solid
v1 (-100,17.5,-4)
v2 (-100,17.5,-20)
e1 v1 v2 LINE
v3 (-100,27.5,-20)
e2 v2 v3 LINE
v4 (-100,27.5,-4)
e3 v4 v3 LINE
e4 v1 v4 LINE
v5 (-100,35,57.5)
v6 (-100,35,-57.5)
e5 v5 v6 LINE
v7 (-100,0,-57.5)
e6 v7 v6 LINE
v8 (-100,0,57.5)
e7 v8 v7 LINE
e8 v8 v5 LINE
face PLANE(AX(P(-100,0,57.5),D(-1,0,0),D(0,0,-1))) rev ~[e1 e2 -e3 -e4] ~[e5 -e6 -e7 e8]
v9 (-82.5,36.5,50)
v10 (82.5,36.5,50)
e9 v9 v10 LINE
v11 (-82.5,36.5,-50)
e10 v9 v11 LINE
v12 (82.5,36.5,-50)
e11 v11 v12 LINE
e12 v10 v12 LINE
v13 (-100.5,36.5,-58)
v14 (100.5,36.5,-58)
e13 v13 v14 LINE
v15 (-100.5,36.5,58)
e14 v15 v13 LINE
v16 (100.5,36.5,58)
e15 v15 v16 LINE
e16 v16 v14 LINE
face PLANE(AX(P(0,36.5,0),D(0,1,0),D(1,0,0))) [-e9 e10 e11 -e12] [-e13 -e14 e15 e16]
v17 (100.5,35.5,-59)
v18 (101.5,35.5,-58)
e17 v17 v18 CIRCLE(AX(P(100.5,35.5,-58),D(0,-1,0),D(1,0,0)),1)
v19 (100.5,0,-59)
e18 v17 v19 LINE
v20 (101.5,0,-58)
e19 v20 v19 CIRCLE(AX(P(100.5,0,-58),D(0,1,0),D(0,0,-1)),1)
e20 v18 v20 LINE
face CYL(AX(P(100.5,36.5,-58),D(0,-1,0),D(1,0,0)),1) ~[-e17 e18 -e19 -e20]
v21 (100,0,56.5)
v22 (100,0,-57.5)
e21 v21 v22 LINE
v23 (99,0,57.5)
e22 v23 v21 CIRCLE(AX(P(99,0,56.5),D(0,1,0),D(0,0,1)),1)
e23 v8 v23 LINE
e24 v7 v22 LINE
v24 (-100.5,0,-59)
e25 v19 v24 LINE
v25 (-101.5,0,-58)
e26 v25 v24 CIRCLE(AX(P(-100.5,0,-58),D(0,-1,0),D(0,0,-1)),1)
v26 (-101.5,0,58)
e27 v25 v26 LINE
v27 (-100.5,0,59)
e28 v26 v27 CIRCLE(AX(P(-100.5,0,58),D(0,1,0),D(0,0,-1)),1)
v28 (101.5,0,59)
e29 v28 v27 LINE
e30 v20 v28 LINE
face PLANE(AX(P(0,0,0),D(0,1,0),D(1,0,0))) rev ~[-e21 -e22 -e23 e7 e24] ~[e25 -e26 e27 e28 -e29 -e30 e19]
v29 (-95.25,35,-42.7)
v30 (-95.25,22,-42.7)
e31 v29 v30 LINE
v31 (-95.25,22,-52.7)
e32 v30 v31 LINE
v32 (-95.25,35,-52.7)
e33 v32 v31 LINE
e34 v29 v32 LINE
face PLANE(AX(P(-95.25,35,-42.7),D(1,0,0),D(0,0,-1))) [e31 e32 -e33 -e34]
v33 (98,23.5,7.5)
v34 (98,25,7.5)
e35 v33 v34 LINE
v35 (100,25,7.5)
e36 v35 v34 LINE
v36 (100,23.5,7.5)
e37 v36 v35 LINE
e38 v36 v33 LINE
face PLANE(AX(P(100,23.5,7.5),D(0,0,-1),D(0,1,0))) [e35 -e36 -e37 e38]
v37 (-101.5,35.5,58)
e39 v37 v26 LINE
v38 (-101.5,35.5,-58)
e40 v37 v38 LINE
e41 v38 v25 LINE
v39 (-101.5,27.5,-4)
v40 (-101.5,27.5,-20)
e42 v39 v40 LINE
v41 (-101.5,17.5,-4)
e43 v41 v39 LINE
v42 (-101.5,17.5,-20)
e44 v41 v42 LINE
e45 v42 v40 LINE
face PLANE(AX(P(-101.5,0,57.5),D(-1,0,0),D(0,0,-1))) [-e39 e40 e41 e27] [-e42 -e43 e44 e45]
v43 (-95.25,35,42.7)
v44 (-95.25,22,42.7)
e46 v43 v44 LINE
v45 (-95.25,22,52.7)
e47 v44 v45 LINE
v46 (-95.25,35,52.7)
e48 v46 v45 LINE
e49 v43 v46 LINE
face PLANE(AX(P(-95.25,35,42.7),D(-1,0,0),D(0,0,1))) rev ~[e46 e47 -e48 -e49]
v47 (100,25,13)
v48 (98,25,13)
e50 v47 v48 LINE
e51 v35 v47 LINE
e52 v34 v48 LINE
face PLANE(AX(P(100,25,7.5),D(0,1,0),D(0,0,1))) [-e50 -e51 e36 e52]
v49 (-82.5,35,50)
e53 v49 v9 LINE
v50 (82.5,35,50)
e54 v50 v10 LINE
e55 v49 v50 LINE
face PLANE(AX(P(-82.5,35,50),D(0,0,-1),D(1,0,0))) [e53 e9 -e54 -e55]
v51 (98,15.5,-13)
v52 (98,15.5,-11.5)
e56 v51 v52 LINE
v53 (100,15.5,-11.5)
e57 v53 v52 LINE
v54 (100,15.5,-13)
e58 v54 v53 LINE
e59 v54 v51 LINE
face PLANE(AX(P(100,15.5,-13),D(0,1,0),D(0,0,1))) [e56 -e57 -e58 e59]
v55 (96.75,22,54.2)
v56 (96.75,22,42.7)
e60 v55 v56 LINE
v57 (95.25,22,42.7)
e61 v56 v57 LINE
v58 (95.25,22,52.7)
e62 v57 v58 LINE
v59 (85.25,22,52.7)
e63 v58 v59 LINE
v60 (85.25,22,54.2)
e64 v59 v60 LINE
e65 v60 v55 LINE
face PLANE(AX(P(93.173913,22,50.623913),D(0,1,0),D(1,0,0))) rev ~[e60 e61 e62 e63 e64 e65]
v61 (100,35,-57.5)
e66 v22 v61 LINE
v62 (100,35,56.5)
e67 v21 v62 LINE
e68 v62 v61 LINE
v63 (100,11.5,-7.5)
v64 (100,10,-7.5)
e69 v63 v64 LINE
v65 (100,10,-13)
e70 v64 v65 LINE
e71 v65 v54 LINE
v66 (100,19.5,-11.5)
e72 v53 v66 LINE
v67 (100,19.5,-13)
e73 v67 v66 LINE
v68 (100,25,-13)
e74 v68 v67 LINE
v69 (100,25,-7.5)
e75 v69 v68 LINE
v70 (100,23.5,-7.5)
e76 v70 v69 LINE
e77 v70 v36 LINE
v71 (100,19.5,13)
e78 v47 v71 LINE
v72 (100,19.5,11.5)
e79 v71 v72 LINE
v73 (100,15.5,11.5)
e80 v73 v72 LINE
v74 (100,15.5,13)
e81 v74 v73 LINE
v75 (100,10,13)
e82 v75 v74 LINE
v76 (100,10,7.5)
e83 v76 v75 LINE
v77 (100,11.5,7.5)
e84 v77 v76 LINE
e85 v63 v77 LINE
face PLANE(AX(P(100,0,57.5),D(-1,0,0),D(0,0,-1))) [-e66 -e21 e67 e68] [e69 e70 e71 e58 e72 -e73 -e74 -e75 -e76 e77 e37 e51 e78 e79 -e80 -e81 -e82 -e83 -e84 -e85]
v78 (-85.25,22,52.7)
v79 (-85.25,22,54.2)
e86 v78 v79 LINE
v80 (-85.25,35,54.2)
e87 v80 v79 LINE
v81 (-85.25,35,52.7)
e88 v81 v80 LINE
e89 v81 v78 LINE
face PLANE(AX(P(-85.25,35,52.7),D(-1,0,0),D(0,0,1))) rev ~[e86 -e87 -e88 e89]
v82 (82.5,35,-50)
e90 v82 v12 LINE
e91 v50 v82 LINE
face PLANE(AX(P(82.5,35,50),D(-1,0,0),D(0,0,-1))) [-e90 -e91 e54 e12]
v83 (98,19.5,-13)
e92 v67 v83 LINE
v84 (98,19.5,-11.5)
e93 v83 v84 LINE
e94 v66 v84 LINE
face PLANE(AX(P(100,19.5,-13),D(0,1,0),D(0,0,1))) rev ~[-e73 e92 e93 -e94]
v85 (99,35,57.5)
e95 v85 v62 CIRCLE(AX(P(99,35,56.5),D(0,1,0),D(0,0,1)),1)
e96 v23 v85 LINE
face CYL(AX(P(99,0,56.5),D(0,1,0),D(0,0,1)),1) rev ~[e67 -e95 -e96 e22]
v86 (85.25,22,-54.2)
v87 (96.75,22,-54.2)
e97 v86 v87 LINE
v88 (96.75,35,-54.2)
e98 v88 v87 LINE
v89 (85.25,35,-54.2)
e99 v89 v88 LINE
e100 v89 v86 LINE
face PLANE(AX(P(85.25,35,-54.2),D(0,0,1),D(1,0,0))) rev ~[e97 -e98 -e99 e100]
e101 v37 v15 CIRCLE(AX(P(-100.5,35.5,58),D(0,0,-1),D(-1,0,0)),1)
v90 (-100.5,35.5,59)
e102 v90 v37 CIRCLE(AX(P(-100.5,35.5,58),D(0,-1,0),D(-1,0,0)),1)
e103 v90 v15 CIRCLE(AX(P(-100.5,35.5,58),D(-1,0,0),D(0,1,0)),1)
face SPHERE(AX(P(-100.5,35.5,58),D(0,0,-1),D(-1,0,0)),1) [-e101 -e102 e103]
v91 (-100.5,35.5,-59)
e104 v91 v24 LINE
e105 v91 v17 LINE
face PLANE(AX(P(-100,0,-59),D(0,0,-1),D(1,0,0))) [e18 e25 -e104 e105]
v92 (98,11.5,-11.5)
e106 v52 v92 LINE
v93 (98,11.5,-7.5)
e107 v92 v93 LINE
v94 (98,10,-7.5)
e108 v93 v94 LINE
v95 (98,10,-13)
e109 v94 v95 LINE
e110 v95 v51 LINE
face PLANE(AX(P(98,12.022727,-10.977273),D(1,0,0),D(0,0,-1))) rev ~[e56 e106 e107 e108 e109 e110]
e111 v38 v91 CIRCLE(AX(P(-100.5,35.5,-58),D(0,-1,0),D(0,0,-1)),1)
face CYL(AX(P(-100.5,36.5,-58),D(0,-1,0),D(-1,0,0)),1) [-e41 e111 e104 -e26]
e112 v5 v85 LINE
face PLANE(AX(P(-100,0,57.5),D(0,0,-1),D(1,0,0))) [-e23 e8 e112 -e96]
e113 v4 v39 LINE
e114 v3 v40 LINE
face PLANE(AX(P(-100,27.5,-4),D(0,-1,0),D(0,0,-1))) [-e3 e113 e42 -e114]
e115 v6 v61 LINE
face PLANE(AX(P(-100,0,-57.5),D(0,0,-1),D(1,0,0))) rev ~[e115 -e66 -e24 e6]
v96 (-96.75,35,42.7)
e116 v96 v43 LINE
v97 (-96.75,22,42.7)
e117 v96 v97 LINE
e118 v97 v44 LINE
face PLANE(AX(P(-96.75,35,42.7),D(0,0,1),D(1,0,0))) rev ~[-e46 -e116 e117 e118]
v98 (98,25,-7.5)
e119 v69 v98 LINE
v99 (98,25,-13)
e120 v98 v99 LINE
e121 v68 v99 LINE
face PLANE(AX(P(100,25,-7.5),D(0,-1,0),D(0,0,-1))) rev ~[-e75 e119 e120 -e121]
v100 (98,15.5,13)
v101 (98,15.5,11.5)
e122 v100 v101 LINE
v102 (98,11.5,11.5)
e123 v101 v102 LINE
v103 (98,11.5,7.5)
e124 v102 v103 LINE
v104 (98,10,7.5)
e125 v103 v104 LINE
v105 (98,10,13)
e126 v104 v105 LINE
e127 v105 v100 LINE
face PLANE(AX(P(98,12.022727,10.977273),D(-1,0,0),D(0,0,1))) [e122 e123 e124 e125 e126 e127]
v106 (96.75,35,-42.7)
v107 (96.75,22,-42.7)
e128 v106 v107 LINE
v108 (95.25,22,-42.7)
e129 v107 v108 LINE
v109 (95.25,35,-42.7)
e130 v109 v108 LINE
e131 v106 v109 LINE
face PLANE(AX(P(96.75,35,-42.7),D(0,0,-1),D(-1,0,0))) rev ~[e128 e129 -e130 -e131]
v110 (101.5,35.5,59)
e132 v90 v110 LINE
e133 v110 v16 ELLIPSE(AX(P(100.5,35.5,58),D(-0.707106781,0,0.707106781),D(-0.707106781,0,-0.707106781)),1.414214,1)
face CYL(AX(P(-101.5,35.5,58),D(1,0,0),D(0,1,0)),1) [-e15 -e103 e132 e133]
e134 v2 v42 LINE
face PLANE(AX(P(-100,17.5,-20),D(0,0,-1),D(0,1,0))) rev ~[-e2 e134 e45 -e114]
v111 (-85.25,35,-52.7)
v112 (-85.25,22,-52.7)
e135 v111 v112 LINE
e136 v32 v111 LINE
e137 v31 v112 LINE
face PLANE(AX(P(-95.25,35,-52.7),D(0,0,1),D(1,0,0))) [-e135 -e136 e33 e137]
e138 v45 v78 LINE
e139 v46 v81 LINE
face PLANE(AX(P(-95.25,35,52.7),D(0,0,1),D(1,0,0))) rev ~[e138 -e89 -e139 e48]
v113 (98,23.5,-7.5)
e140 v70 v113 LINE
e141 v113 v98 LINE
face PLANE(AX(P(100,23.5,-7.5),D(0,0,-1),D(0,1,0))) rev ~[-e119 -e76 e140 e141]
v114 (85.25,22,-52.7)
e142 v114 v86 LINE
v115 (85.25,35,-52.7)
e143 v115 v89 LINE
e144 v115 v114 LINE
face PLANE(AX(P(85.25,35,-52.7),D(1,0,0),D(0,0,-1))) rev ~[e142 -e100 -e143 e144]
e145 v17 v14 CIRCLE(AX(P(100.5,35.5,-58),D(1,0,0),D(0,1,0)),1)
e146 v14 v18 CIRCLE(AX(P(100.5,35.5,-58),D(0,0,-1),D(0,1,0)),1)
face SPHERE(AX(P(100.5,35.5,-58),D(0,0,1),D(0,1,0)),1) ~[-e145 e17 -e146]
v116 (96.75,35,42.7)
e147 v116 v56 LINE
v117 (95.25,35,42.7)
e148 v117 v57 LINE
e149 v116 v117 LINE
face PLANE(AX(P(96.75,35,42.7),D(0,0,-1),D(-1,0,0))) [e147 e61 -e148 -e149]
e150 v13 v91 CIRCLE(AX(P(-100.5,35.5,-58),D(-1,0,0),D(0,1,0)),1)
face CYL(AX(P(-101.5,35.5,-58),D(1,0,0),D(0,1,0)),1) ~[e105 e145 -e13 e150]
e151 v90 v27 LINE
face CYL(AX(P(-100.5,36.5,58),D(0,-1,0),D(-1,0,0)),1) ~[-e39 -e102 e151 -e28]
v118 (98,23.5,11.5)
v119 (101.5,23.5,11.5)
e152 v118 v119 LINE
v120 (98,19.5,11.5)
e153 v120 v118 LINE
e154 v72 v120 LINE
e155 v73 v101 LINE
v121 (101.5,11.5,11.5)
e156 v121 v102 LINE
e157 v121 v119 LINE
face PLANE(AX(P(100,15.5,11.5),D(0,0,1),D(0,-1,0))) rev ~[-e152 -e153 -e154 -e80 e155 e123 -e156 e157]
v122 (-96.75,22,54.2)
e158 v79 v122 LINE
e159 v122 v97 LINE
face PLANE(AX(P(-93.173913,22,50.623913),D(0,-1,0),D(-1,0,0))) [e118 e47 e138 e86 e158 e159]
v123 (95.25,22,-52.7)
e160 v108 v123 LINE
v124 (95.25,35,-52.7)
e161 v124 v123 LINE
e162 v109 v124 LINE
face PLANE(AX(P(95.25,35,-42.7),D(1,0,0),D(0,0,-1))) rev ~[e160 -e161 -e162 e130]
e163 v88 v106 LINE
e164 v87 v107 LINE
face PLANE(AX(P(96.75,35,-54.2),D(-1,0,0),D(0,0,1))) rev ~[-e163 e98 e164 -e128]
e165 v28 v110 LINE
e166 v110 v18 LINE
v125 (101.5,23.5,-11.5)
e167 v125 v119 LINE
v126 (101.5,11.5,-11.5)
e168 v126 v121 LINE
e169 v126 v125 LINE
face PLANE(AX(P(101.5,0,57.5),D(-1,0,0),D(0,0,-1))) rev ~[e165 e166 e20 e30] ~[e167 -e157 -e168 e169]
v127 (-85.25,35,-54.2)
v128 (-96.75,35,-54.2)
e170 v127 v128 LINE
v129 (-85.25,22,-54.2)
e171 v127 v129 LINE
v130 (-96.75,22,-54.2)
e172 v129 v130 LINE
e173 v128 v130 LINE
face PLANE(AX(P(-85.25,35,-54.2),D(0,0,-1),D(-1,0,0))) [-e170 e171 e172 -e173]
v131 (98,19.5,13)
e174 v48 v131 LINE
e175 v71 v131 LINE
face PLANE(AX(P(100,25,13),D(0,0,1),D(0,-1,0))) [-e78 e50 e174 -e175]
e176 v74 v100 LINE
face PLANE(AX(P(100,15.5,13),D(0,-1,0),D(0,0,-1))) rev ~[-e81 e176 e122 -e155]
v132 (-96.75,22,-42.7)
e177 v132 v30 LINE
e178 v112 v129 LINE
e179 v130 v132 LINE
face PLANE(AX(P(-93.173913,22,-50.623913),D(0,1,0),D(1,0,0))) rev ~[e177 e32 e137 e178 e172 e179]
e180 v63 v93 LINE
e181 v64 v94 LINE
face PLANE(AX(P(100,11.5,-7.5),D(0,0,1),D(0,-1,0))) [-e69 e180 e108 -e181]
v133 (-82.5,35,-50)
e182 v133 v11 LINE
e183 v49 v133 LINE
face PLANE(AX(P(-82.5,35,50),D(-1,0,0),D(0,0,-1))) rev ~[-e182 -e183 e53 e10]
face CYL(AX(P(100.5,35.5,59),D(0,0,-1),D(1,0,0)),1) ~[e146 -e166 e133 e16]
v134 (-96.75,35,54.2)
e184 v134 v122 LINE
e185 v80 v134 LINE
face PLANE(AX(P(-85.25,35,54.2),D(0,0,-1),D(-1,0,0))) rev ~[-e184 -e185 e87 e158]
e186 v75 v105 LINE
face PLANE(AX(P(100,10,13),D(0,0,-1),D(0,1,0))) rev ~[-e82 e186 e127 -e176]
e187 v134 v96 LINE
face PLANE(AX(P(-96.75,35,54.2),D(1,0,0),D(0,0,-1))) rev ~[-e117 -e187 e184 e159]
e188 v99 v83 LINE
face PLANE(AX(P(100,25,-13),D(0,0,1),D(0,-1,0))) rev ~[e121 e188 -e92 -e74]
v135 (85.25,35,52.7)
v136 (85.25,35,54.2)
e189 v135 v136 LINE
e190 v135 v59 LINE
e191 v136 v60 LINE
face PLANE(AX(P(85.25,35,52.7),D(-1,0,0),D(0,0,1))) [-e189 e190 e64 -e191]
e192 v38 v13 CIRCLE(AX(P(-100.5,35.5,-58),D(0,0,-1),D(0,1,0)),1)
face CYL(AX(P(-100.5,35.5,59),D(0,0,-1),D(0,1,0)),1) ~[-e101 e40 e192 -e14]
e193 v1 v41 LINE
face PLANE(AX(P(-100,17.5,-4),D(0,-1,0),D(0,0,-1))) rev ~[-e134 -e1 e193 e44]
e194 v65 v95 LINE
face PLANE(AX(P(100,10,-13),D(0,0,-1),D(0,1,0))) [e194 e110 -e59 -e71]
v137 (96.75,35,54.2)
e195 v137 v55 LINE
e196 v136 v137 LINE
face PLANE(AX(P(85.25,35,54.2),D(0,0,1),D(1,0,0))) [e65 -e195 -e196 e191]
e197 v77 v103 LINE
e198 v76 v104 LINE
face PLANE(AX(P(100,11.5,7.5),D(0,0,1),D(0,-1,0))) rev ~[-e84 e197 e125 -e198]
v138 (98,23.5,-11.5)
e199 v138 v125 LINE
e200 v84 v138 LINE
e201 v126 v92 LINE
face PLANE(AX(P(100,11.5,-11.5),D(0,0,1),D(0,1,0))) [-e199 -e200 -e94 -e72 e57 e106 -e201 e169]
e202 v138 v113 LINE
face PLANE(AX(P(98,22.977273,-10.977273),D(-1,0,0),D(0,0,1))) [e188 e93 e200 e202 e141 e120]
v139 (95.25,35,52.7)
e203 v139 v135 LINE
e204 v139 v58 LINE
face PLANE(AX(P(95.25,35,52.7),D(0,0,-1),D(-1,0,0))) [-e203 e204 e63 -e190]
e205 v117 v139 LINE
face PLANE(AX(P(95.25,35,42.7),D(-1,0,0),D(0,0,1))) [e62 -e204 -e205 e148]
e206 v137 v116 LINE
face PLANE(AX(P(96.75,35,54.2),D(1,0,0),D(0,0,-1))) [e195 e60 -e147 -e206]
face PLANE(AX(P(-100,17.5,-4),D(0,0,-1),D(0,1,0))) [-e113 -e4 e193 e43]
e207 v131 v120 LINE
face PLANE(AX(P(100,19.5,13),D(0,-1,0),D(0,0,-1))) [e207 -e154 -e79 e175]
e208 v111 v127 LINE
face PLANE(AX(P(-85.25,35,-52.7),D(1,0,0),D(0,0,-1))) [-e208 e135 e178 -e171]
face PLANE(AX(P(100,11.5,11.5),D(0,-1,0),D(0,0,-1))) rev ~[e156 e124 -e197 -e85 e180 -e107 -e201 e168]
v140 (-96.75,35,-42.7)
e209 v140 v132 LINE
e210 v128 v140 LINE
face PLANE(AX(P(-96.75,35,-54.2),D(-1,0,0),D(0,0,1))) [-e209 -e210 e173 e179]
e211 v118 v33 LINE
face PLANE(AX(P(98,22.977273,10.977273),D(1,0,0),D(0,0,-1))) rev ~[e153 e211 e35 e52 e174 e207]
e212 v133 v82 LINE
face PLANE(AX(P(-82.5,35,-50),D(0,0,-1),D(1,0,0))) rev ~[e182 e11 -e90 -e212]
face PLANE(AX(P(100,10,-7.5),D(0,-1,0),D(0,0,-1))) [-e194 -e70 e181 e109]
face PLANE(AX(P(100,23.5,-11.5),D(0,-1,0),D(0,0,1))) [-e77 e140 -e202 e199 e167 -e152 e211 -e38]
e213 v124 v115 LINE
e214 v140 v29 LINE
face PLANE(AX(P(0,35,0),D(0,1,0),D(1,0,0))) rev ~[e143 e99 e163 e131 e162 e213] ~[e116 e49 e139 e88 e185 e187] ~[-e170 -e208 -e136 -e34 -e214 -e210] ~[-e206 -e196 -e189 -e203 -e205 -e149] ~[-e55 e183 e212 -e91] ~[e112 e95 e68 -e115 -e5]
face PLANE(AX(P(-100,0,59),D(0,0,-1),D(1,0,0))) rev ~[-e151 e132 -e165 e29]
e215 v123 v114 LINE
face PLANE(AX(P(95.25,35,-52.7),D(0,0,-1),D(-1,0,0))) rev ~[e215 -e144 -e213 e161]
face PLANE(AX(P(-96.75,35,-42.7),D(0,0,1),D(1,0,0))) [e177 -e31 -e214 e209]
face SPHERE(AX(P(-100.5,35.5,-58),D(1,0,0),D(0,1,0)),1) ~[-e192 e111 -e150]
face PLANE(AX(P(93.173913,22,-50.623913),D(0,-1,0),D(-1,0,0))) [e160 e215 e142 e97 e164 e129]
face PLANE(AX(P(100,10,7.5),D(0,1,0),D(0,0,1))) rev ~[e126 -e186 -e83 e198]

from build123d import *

# Parameters (mm, degrees)
SKETCH_1_W          = 200
SKETCH_1_H          = 115
F_35MM_DEPTH        = 35
SHELL_3_T           = 1.5
SKETCH_2_W          = 165
SKETCH_2_H          = 100
CUT_EXTRUDE_7_DEPTH = 1.5
SKETCH_3_W          = 16
SKETCH_3_H          = 10
CUT_EXTRUDE_8_DEPTH = 1.5
SKETCH_4_W          = 23
SKETCH_4_H          = 12
CUT_EXTRUDE_9_DEPTH = 1.5
EXTRUDE_1_DEPTH     = 13
EXTRUDE_2_DEPTH     = 2
FILLET_2_R          = 1


with BuildPart() as part:
    # 草图1 → 凸台-拉伸35mm (new body)
    with BuildSketch(Plane(origin=(0, 0, 0), x_dir=(1, 0, 0), z_dir=(0, 1, 0))):
        Rectangle(SKETCH_1_W, SKETCH_1_H)
    extrude(amount=F_35MM_DEPTH)

    # 抽壳3
    shell_3_openings = [part.faces().sort_by_distance(p)[0] for p in [
        (0, 0, 0),
    ]]
    offset(amount=SHELL_3_T, openings=shell_3_openings, kind=Kind.INTERSECTION)

    # 草图2 → 切除-拉伸7 (cut)
    with BuildSketch(Plane(origin=(0, 35, 0), x_dir=(1, 0, 0), z_dir=(0, 1, 0))):
        Rectangle(SKETCH_2_W, SKETCH_2_H)
    extrude(amount=CUT_EXTRUDE_7_DEPTH, mode=Mode.SUBTRACT)

    # 草图3 → 切除-拉伸8 (cut)
    with BuildSketch(Plane(origin=(-100, 0, 0), x_dir=(0, 0, -1), z_dir=(1, 0, 0))):
        with Locations((12, 22.5)):
            Rectangle(SKETCH_3_W, SKETCH_3_H)
    extrude(amount=-CUT_EXTRUDE_8_DEPTH, mode=Mode.SUBTRACT)

    # 草图4 → 切除-拉伸9 (cut)
    with BuildSketch(Plane.ZY.offset(-100)):
        with Locations((0, 17.5)):
            Rectangle(SKETCH_4_W, SKETCH_4_H)
    extrude(amount=-CUT_EXTRUDE_9_DEPTH, mode=Mode.SUBTRACT)

    # 草图6 → 凸台-拉伸1 (add)
    with BuildSketch(Plane(origin=(0, 35, 0), x_dir=(-1, 0, 0), z_dir=(0, -1, 0))):
        Polygon((-95.25, 52.7), (-85.25, 52.7), (-85.25, 54.2), (-96.75, 54.2), (-96.75, 42.7), (-95.25, 42.7), align=None)
        Polygon((-96.75, -42.7), (-95.25, -42.7), (-95.25, -52.7), (-85.25, -52.7), (-85.25, -54.2), (-96.75, -54.2), align=None)
        Polygon((85.25, -52.7), (85.25, -54.2), (96.75, -54.2), (96.75, -42.7), (95.25, -42.7), (95.25, -52.7), align=None)
        Polygon((85.25, 52.7), (85.25, 54.2), (96.75, 54.2), (96.75, 42.7), (95.25, 42.7), (95.25, 52.7), align=None)
    extrude(amount=EXTRUDE_1_DEPTH)

    # 草图7 → 凸台-拉伸2 (add)
    with BuildSketch(Plane.ZY.offset(-100)):
        Polygon((13, 15.5), (11.5, 15.5), (11.5, 11.5), (7.5, 11.5), (7.5, 10), (13, 10), align=None)
        Polygon((-7.5, 23.5), (-7.5, 25), (-13, 25), (-13, 19.5), (-11.5, 19.5), (-11.5, 23.5), align=None)
        Polygon((7.5, 23.5), (7.5, 25), (13, 25), (13, 19.5), (11.5, 19.5), (11.5, 23.5), align=None)
        Polygon((-7.5, 11.5), (-7.5, 10), (-13, 10), (-13, 15.5), (-11.5, 15.5), (-11.5, 11.5), align=None)
    extrude(amount=EXTRUDE_2_DEPTH)

    # 圆角2
    fillet_2_edges = [part.edges().sort_by_distance(p)[0] for p in [
        (101.5, 36.5, 0),
        (0, 36.5, -59),
        (100, 17.5, 57.5),
        (-101.5, 36.5, 0),
        (-101.5, 18.25, -59),
        (101.5, 18.25, -59),
        (-101.5, 18.25, 59),
        (0, 36.5, 59),
    ]]
    fillet(fillet_2_edges, radius=FILLET_2_R)


solid = part.part
